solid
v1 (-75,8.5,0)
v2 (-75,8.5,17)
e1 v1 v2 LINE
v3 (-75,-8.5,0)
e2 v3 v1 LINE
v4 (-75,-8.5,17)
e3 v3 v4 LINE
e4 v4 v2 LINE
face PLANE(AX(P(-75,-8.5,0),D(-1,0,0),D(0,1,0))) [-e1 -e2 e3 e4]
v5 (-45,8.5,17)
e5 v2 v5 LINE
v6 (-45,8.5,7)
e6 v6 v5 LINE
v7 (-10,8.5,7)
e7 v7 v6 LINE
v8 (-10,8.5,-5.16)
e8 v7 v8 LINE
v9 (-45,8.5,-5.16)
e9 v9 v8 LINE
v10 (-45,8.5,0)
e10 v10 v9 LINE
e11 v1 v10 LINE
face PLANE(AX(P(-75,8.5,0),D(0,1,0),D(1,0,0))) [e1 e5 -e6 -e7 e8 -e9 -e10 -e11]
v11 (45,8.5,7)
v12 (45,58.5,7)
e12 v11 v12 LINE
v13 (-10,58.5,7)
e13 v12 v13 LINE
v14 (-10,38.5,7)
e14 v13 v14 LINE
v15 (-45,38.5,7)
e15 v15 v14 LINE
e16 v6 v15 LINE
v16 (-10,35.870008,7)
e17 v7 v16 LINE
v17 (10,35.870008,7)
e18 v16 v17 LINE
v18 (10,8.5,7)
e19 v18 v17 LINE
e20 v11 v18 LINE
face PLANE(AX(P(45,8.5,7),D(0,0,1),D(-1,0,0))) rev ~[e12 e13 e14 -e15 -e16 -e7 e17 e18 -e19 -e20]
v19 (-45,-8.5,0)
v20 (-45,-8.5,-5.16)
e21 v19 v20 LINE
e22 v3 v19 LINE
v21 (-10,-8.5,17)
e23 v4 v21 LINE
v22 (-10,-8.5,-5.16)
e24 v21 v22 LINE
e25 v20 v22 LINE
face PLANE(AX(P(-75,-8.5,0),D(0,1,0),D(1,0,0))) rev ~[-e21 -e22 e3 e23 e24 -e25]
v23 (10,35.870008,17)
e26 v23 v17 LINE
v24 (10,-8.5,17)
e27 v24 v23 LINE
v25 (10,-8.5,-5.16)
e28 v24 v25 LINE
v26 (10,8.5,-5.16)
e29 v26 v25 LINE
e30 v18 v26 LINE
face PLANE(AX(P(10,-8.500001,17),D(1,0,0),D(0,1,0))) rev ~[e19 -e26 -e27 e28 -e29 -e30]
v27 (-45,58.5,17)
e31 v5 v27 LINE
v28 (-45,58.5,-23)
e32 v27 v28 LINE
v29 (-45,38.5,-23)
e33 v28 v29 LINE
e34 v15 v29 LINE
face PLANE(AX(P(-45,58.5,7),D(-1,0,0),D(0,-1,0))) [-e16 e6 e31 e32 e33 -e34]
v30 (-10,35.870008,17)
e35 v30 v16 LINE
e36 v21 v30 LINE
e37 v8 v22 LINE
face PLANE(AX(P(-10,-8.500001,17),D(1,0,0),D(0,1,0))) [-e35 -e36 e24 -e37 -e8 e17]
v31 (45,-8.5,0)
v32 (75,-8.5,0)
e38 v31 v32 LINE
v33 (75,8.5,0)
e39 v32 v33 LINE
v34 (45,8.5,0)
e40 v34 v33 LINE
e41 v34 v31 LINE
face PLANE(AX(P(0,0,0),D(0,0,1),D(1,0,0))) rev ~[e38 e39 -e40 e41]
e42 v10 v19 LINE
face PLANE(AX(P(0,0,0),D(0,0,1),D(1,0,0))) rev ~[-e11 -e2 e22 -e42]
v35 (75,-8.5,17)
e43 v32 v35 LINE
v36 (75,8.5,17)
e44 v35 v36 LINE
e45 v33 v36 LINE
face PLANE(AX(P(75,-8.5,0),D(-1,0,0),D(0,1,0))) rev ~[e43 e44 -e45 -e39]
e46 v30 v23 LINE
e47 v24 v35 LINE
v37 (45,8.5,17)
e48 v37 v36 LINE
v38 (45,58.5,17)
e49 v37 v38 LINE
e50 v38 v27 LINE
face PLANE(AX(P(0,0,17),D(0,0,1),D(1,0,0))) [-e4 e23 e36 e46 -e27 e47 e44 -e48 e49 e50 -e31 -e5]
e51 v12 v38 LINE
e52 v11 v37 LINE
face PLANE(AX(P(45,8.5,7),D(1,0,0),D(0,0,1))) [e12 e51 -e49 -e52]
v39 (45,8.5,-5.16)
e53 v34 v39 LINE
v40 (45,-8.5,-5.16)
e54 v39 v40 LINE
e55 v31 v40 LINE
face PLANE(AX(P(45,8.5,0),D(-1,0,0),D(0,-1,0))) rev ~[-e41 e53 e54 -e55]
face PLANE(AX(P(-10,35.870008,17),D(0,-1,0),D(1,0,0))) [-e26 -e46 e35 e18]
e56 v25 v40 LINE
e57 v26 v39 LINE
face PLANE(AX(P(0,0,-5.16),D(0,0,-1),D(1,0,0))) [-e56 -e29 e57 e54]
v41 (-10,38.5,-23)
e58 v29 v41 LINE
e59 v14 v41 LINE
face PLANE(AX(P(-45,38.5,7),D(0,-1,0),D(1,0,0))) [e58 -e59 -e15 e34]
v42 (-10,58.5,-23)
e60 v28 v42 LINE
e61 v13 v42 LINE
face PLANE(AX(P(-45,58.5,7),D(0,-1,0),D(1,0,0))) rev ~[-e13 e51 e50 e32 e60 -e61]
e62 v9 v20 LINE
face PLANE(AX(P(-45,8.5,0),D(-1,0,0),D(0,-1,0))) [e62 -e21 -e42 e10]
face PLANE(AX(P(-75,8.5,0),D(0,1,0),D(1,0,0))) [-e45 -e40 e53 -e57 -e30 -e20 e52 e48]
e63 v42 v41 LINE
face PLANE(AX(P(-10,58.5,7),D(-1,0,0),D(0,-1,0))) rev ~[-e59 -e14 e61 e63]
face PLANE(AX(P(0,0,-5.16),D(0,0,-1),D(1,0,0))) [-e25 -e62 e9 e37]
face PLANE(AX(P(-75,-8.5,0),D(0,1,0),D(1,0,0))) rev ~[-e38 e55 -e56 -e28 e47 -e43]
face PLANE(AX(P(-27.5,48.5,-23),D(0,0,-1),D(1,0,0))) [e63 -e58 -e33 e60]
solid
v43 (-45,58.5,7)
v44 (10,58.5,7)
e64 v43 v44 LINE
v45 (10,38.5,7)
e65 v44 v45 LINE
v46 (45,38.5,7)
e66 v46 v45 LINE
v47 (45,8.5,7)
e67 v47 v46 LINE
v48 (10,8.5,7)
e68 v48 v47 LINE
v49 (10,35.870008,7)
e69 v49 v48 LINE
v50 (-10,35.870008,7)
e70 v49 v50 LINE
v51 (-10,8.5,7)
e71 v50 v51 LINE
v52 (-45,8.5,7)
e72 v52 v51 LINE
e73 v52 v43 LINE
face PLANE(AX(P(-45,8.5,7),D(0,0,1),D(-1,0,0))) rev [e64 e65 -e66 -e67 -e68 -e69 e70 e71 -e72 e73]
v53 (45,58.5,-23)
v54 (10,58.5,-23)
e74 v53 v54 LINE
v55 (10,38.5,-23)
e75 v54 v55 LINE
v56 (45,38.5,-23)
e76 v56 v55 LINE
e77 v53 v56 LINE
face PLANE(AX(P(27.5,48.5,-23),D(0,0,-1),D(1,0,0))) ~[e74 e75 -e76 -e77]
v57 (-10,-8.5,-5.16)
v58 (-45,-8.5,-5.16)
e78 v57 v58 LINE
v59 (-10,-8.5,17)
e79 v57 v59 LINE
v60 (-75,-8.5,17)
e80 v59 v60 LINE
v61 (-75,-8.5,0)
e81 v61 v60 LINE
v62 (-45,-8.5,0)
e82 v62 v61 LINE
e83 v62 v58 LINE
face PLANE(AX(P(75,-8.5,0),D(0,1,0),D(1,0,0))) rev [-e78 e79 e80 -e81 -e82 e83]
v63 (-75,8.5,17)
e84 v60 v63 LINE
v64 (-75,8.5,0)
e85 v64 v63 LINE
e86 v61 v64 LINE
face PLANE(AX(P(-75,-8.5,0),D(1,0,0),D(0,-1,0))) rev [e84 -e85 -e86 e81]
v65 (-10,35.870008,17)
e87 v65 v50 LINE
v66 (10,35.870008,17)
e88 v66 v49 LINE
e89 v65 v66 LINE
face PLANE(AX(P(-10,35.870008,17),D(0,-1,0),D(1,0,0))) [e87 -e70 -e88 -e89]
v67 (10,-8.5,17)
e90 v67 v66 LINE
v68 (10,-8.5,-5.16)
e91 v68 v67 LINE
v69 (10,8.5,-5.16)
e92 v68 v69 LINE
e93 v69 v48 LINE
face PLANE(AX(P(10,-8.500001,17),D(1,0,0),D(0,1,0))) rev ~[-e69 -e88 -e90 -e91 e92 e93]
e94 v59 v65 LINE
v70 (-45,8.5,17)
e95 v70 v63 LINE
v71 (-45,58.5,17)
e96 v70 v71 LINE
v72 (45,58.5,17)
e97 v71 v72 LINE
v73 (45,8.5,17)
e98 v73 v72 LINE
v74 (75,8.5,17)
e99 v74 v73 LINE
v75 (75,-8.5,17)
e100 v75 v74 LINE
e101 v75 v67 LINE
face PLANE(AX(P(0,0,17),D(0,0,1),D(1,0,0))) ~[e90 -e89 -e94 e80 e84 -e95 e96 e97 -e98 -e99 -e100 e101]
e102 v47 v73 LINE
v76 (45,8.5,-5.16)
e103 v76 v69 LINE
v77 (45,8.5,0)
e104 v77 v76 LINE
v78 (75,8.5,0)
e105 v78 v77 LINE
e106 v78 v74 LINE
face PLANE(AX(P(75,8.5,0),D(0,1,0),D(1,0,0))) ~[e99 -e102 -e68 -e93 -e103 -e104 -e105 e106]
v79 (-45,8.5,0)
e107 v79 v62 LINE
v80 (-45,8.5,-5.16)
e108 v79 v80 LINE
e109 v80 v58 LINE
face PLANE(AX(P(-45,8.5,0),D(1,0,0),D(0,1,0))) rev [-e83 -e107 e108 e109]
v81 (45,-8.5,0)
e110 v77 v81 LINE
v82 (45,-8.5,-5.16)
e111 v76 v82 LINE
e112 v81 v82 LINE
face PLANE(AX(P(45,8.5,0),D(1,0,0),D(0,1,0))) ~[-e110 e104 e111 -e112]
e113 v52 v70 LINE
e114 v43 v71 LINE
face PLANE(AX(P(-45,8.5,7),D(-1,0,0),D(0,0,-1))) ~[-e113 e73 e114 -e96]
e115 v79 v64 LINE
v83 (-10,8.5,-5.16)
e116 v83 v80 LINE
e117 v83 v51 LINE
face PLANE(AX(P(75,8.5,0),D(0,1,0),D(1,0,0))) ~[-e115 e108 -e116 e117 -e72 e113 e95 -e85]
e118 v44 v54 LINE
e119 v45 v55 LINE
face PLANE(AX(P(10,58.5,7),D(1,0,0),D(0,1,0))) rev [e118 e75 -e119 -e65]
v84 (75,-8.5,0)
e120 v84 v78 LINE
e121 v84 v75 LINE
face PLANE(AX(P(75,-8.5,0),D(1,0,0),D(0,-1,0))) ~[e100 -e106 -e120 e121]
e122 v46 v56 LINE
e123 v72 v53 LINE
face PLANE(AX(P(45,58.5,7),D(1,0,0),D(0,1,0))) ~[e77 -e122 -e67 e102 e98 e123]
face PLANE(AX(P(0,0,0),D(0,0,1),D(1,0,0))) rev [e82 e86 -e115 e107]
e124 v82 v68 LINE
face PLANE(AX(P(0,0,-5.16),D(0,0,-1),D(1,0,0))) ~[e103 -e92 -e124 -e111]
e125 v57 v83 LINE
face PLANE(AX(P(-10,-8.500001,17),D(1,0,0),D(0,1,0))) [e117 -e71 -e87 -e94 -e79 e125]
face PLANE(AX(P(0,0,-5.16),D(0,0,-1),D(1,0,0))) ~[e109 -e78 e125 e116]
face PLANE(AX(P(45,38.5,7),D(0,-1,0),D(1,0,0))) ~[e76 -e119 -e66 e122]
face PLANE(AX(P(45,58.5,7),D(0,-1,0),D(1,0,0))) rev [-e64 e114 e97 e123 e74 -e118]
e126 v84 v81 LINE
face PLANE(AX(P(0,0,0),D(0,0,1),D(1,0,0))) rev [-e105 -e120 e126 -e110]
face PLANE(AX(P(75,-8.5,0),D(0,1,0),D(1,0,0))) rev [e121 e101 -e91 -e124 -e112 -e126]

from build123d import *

# Parameters (mm, degrees)
F5_W      = 150
F5_H      = 17
F6_DEPTH  = 17
F7_W      = 90
F7_H      = 17
F8_DEPTH  = 5.16
F0_W      = 90
F0_H      = 10
F9_DEPTH  = 50
F1_W      = 35
F1_H      = 20
F10_DEPTH = 30
F4_W      = 20
F4_H      = 44.370009
F11_DEPTH = 50


with BuildPart() as f6:
    # F5 (on Top) → F6 (new body)
    with BuildSketch(Plane.XY):
        Rectangle(F5_W, F5_H)
    extrude(amount=F6_DEPTH)

    # F7 (on face) → F8 (join)
    with BuildSketch(Plane(origin=(0, 0, 0), x_dir=(1, 0, 0), z_dir=(0, 0, -1))):
        Rectangle(F7_W, F7_H)
    extrude(amount=F8_DEPTH)

    # F0 (on face) → F9 (join)
    with BuildSketch(Plane(origin=(0, 8.5, 0), x_dir=(-1, 0, 0), z_dir=(0, 1, 0))):
        with Locations((0, 12)):
            Rectangle(F0_W, F0_H)
    extrude(amount=F9_DEPTH)

    # F1 (on face) → F10 (join)
    with BuildSketch(Plane(origin=(0, 0, 7), x_dir=(1, 0, 0), z_dir=(0, 0, -1))):
        with Locations((-27.5, -48.5)):
            Rectangle(F1_W, F1_H)
    extrude(amount=F10_DEPTH)


with BuildPart() as f2_1:
    # F2: instance of F6
    add(f6.part.mirror(Plane.YZ))


with BuildPart() as f11_tool:
    # F4 (on face) → F11 (new body)
    with BuildSketch(Plane.XY.offset(17)):
        with Locations((0, 13.685004)):
            Rectangle(F4_W, F4_H)
    extrude(amount=-F11_DEPTH)


with BuildPart() as f6_1:
    add(f6.part)

    # F11: cut by f11_tool
    add(f11_tool.part, mode=Mode.SUBTRACT)


with BuildPart() as f2_1_1:
    add(f2_1.part)

    # F11: cut by f11_tool
    add(f11_tool.part, mode=Mode.SUBTRACT)


solid = Compound([f6_1.part, f2_1_1.part])
